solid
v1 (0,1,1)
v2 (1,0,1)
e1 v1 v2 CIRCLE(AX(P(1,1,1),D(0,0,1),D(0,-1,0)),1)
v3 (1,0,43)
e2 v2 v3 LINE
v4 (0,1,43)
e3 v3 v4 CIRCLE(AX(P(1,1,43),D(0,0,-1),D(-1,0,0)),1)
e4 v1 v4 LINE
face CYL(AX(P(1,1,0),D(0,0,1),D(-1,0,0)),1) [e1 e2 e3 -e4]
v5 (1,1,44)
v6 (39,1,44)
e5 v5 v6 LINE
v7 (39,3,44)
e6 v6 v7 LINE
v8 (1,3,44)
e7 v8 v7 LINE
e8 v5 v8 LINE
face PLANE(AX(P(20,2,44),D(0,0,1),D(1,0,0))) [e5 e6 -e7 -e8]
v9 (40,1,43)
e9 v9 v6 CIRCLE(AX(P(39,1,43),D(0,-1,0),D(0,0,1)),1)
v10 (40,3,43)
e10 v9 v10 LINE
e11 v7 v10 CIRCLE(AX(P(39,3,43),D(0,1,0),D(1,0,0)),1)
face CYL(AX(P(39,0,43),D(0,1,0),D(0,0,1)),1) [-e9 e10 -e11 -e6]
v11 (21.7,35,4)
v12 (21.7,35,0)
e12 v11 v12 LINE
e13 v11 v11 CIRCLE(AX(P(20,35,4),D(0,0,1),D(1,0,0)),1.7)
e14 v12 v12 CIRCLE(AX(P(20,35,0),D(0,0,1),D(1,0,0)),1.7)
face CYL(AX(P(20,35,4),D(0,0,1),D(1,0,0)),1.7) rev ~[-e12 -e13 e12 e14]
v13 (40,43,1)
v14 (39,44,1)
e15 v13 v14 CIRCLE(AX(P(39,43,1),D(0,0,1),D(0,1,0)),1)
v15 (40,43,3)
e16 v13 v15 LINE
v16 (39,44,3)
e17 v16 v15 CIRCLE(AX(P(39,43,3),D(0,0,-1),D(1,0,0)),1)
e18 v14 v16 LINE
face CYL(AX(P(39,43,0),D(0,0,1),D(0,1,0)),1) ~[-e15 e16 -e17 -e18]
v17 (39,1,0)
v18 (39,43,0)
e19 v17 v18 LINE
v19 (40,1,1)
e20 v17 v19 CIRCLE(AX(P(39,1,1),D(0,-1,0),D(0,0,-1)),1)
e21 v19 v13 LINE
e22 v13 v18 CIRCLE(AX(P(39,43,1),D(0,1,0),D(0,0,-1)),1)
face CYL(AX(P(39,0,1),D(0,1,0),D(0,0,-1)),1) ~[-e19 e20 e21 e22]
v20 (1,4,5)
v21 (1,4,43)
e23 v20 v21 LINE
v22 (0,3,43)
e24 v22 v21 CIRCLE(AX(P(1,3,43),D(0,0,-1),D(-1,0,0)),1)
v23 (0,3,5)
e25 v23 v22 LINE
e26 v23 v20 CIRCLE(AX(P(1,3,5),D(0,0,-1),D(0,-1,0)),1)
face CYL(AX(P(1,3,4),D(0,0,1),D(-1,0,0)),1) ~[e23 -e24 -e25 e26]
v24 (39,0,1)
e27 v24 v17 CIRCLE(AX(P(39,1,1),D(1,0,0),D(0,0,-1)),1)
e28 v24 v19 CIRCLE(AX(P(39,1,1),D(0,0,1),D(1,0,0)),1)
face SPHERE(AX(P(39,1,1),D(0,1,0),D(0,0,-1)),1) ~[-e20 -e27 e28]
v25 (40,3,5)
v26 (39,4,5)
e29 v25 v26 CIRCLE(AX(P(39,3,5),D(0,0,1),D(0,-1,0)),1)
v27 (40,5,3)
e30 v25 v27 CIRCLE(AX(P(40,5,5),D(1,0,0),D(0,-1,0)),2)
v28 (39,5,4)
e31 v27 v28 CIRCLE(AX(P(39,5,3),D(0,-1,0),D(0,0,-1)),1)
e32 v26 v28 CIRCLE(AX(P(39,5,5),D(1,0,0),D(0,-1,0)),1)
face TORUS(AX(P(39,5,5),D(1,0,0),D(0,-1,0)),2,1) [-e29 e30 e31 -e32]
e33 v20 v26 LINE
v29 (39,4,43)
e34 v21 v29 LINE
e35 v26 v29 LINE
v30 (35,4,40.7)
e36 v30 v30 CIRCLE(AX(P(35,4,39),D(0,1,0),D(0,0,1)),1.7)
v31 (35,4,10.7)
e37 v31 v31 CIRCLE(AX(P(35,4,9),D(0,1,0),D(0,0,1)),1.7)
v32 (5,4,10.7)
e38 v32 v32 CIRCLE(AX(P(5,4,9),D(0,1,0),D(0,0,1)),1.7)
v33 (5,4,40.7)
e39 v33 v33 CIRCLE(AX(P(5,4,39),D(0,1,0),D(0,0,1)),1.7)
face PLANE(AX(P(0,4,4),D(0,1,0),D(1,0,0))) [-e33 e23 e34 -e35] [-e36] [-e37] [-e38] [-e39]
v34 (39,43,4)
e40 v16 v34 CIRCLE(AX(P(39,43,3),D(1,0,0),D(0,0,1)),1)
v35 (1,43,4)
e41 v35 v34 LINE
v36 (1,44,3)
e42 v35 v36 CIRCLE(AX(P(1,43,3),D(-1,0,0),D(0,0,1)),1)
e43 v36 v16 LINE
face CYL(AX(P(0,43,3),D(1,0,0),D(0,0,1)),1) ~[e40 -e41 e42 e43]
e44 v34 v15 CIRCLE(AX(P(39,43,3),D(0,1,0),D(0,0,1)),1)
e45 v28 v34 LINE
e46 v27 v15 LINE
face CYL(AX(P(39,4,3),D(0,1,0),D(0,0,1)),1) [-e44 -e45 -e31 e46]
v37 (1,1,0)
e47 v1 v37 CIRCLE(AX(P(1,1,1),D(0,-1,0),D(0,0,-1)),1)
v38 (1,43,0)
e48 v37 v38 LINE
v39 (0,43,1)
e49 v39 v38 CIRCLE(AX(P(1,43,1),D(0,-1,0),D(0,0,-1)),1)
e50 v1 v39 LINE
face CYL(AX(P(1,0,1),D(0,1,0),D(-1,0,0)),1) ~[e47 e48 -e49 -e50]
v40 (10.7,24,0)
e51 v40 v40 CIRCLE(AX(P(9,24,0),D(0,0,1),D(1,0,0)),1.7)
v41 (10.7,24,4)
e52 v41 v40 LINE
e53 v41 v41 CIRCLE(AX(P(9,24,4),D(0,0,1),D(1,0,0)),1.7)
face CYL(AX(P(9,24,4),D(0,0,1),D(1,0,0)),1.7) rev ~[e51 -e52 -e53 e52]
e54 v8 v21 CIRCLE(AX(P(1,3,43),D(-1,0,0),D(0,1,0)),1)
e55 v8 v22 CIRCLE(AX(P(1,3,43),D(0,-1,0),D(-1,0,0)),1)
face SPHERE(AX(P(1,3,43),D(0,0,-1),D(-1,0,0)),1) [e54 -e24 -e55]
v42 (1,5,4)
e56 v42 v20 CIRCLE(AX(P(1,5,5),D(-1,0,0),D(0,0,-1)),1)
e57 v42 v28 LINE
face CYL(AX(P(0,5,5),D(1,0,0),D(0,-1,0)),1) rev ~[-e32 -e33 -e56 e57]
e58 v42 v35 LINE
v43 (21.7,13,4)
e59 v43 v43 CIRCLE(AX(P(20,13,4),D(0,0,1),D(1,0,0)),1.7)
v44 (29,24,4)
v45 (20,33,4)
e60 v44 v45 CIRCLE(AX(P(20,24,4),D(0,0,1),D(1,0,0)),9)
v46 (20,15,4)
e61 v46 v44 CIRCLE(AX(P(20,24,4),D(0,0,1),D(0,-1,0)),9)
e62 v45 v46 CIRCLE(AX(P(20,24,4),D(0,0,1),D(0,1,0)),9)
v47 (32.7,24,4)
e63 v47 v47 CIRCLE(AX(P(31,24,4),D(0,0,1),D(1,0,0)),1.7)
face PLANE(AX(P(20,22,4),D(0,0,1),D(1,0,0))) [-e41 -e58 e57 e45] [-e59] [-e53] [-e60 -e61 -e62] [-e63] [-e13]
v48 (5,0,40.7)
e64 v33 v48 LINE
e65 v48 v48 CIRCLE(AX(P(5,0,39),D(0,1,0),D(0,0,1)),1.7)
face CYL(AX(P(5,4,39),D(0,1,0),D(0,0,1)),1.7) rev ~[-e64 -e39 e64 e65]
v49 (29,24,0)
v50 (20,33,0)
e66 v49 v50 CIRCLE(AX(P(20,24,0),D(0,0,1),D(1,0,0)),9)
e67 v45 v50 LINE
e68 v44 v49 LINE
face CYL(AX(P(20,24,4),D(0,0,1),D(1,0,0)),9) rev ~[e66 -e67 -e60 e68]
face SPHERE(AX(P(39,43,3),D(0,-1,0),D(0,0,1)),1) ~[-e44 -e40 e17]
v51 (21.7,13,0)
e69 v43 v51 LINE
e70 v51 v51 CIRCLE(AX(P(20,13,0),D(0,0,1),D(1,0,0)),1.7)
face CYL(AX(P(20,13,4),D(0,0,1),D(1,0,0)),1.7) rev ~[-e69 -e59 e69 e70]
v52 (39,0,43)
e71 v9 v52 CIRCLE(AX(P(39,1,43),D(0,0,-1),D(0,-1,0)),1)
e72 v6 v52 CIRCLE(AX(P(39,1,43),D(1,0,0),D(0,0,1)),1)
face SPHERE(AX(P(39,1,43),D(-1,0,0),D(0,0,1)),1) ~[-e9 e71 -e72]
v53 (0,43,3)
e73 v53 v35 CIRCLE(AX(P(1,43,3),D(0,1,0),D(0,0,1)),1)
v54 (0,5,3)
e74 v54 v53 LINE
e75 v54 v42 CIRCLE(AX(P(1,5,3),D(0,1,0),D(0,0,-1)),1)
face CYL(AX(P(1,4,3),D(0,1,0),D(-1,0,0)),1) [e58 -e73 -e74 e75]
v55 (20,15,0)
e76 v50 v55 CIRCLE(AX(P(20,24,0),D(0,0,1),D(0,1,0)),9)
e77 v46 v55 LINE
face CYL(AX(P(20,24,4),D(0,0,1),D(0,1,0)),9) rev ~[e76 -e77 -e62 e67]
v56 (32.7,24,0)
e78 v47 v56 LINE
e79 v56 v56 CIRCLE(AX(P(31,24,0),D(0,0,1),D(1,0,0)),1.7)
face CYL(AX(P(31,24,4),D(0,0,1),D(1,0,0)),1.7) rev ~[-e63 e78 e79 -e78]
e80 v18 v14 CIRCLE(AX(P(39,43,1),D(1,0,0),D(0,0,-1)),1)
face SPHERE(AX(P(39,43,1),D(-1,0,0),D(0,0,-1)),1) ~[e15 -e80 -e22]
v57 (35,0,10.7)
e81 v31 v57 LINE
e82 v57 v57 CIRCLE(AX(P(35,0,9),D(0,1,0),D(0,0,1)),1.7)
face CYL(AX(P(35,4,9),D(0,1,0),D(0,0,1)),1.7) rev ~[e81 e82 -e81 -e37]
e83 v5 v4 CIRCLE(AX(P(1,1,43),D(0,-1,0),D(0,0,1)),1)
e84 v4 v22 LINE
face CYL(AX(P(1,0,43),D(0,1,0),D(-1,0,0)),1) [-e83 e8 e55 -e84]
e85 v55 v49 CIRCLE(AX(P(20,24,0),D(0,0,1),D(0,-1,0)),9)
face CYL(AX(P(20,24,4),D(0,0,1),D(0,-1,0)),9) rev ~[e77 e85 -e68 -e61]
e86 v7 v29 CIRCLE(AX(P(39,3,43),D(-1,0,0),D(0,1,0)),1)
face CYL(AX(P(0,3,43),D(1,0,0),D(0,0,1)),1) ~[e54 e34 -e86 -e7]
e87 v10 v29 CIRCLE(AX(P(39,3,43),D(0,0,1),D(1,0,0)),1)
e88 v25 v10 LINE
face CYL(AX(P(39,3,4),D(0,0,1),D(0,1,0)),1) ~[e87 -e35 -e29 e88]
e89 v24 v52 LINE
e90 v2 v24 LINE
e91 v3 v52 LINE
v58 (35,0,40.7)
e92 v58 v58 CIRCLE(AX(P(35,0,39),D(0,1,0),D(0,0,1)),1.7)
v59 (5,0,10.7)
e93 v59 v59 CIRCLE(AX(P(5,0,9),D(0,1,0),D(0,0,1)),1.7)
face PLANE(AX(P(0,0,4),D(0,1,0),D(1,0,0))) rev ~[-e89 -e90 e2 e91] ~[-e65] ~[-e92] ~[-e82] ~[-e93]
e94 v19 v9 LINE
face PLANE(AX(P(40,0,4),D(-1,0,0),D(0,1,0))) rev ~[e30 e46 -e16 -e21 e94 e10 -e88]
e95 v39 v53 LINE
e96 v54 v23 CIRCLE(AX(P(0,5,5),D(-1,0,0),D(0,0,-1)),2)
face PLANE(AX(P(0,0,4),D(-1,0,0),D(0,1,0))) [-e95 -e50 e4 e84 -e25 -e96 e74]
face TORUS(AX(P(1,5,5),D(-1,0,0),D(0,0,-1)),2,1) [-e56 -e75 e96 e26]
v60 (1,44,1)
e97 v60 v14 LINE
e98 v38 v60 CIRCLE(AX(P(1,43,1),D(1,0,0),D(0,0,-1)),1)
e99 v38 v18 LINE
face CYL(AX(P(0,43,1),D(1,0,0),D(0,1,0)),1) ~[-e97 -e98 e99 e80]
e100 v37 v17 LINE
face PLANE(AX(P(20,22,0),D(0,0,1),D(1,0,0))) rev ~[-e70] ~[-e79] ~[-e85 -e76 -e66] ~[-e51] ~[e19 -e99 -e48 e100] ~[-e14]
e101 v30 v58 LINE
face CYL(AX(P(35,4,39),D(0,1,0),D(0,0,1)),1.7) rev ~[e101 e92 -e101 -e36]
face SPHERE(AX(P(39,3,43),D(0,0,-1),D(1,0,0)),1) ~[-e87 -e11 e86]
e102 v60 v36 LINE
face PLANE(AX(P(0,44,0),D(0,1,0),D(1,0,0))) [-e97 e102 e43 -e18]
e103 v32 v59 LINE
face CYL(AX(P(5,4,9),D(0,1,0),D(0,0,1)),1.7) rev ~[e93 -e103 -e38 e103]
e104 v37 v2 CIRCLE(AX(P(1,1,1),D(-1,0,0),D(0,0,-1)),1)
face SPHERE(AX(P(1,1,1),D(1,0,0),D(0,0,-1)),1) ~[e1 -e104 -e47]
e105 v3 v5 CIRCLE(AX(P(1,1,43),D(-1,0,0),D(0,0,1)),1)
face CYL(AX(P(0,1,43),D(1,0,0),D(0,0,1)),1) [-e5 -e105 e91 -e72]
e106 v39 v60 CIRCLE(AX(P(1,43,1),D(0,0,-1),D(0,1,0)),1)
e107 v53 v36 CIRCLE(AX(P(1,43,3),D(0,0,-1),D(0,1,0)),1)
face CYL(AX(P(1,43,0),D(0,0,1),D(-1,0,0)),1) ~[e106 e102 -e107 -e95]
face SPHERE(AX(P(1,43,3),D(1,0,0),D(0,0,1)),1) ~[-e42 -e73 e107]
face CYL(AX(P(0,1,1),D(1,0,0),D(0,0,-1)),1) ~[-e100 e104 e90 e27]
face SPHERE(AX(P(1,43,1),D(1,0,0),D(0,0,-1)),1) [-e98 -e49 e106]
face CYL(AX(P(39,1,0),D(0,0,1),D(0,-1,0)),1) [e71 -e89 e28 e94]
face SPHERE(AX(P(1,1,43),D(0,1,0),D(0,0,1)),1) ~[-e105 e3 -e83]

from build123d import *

# Parameters (mm, degrees)
SKETCH2_W           = 40
SKETCH2_H           = 44
BOSS_EXTRUDE1_DEPTH = 4
SKETCH4_W           = 40
SKETCH4_H           = 4
BOSS_EXTRUDE2_DEPTH = 40
SKETCH5_R           = 1.7
CUT_EXTRUDE1_DEPTH  = 72.665891469
SKETCH8_R           = 1.7
CUT_EXTRUDE4_DEPTH  = 72.665891469
FILLET2_R           = 1


with BuildPart() as part:
    # Sketch2 → Boss-Extrude1 (new body)
    with BuildSketch(Plane.XY):
        with Locations((20, 22)):
            Rectangle(SKETCH2_W, SKETCH2_H)
    extrude(amount=BOSS_EXTRUDE1_DEPTH)

    # Sketch4 → Boss-Extrude2 (add)
    with BuildSketch(Plane.XY.offset(4)):
        with Locations((20, 2)):
            Rectangle(SKETCH4_W, SKETCH4_H)
    extrude(amount=BOSS_EXTRUDE2_DEPTH)

    # Sketch5 → Cut-Extrude1 (cut, through all)
    with BuildSketch(Plane.XY.offset(4)):
        with BuildLine():
            ThreePointArc((29, 24), (26.363961031, 30.363961031), (20, 33))
            Line((20, 33), (20, 15))
            ThreePointArc((20, 15), (26.363961031, 17.636038969), (29, 24))
        make_face()
        with BuildLine():
            Line((20, 15), (20, 33))
            ThreePointArc((20, 33), (11, 24), (20, 15))
        make_face()
        with Locations((9, 24)):
            Circle(SKETCH5_R)
        with Locations((20, 35)):
            Circle(SKETCH5_R)
        with Locations((31, 24)):
            Circle(SKETCH5_R)
        with Locations((20, 13)):
            Circle(SKETCH5_R)
    extrude(amount=-CUT_EXTRUDE1_DEPTH, mode=Mode.SUBTRACT)

    # Sketch8 → Cut-Extrude4 (cut, through all)
    with BuildSketch(Plane(origin=(0, 4, 0), x_dir=(1, 0, 0), z_dir=(0, 1, 0))):
        with Locations(Location((5, -9, 0), (0, 0, 270))):
            Circle(SKETCH8_R)
        with Locations(Location((35, -9, 0), (0, 0, 270))):
            Circle(SKETCH8_R)
        with Locations(Location((35, -39, 0), (0, 0, 270))):
            Circle(SKETCH8_R)
        with Locations(Location((5, -39, 0), (0, 0, 270))):
            Circle(SKETCH8_R)
    extrude(amount=-CUT_EXTRUDE4_DEPTH, mode=Mode.SUBTRACT)

    # Fillet2
    fillet2_edges = [part.edges().sort_by_distance(p)[0] for p in [
        (40, 24, 4),
        (0, 4, 24),
        (20, 44, 4),
        (20, 4, 4),
        (40, 4, 24),
        (0, 2, 44),
        (20, 0, 44),
        (40, 2, 44),
        (20, 4, 44),
        (0, 24, 4),
        (20, 44, 0),
        (40, 22, 0),
        (20, 0, 0),
        (0, 22, 0),
        (0, 44, 2),
        (40, 44, 2),
        (40, 0, 22),
        (0, 0, 22),
    ]]
    fillet(fillet2_edges, radius=FILLET2_R)


solid = part.part
